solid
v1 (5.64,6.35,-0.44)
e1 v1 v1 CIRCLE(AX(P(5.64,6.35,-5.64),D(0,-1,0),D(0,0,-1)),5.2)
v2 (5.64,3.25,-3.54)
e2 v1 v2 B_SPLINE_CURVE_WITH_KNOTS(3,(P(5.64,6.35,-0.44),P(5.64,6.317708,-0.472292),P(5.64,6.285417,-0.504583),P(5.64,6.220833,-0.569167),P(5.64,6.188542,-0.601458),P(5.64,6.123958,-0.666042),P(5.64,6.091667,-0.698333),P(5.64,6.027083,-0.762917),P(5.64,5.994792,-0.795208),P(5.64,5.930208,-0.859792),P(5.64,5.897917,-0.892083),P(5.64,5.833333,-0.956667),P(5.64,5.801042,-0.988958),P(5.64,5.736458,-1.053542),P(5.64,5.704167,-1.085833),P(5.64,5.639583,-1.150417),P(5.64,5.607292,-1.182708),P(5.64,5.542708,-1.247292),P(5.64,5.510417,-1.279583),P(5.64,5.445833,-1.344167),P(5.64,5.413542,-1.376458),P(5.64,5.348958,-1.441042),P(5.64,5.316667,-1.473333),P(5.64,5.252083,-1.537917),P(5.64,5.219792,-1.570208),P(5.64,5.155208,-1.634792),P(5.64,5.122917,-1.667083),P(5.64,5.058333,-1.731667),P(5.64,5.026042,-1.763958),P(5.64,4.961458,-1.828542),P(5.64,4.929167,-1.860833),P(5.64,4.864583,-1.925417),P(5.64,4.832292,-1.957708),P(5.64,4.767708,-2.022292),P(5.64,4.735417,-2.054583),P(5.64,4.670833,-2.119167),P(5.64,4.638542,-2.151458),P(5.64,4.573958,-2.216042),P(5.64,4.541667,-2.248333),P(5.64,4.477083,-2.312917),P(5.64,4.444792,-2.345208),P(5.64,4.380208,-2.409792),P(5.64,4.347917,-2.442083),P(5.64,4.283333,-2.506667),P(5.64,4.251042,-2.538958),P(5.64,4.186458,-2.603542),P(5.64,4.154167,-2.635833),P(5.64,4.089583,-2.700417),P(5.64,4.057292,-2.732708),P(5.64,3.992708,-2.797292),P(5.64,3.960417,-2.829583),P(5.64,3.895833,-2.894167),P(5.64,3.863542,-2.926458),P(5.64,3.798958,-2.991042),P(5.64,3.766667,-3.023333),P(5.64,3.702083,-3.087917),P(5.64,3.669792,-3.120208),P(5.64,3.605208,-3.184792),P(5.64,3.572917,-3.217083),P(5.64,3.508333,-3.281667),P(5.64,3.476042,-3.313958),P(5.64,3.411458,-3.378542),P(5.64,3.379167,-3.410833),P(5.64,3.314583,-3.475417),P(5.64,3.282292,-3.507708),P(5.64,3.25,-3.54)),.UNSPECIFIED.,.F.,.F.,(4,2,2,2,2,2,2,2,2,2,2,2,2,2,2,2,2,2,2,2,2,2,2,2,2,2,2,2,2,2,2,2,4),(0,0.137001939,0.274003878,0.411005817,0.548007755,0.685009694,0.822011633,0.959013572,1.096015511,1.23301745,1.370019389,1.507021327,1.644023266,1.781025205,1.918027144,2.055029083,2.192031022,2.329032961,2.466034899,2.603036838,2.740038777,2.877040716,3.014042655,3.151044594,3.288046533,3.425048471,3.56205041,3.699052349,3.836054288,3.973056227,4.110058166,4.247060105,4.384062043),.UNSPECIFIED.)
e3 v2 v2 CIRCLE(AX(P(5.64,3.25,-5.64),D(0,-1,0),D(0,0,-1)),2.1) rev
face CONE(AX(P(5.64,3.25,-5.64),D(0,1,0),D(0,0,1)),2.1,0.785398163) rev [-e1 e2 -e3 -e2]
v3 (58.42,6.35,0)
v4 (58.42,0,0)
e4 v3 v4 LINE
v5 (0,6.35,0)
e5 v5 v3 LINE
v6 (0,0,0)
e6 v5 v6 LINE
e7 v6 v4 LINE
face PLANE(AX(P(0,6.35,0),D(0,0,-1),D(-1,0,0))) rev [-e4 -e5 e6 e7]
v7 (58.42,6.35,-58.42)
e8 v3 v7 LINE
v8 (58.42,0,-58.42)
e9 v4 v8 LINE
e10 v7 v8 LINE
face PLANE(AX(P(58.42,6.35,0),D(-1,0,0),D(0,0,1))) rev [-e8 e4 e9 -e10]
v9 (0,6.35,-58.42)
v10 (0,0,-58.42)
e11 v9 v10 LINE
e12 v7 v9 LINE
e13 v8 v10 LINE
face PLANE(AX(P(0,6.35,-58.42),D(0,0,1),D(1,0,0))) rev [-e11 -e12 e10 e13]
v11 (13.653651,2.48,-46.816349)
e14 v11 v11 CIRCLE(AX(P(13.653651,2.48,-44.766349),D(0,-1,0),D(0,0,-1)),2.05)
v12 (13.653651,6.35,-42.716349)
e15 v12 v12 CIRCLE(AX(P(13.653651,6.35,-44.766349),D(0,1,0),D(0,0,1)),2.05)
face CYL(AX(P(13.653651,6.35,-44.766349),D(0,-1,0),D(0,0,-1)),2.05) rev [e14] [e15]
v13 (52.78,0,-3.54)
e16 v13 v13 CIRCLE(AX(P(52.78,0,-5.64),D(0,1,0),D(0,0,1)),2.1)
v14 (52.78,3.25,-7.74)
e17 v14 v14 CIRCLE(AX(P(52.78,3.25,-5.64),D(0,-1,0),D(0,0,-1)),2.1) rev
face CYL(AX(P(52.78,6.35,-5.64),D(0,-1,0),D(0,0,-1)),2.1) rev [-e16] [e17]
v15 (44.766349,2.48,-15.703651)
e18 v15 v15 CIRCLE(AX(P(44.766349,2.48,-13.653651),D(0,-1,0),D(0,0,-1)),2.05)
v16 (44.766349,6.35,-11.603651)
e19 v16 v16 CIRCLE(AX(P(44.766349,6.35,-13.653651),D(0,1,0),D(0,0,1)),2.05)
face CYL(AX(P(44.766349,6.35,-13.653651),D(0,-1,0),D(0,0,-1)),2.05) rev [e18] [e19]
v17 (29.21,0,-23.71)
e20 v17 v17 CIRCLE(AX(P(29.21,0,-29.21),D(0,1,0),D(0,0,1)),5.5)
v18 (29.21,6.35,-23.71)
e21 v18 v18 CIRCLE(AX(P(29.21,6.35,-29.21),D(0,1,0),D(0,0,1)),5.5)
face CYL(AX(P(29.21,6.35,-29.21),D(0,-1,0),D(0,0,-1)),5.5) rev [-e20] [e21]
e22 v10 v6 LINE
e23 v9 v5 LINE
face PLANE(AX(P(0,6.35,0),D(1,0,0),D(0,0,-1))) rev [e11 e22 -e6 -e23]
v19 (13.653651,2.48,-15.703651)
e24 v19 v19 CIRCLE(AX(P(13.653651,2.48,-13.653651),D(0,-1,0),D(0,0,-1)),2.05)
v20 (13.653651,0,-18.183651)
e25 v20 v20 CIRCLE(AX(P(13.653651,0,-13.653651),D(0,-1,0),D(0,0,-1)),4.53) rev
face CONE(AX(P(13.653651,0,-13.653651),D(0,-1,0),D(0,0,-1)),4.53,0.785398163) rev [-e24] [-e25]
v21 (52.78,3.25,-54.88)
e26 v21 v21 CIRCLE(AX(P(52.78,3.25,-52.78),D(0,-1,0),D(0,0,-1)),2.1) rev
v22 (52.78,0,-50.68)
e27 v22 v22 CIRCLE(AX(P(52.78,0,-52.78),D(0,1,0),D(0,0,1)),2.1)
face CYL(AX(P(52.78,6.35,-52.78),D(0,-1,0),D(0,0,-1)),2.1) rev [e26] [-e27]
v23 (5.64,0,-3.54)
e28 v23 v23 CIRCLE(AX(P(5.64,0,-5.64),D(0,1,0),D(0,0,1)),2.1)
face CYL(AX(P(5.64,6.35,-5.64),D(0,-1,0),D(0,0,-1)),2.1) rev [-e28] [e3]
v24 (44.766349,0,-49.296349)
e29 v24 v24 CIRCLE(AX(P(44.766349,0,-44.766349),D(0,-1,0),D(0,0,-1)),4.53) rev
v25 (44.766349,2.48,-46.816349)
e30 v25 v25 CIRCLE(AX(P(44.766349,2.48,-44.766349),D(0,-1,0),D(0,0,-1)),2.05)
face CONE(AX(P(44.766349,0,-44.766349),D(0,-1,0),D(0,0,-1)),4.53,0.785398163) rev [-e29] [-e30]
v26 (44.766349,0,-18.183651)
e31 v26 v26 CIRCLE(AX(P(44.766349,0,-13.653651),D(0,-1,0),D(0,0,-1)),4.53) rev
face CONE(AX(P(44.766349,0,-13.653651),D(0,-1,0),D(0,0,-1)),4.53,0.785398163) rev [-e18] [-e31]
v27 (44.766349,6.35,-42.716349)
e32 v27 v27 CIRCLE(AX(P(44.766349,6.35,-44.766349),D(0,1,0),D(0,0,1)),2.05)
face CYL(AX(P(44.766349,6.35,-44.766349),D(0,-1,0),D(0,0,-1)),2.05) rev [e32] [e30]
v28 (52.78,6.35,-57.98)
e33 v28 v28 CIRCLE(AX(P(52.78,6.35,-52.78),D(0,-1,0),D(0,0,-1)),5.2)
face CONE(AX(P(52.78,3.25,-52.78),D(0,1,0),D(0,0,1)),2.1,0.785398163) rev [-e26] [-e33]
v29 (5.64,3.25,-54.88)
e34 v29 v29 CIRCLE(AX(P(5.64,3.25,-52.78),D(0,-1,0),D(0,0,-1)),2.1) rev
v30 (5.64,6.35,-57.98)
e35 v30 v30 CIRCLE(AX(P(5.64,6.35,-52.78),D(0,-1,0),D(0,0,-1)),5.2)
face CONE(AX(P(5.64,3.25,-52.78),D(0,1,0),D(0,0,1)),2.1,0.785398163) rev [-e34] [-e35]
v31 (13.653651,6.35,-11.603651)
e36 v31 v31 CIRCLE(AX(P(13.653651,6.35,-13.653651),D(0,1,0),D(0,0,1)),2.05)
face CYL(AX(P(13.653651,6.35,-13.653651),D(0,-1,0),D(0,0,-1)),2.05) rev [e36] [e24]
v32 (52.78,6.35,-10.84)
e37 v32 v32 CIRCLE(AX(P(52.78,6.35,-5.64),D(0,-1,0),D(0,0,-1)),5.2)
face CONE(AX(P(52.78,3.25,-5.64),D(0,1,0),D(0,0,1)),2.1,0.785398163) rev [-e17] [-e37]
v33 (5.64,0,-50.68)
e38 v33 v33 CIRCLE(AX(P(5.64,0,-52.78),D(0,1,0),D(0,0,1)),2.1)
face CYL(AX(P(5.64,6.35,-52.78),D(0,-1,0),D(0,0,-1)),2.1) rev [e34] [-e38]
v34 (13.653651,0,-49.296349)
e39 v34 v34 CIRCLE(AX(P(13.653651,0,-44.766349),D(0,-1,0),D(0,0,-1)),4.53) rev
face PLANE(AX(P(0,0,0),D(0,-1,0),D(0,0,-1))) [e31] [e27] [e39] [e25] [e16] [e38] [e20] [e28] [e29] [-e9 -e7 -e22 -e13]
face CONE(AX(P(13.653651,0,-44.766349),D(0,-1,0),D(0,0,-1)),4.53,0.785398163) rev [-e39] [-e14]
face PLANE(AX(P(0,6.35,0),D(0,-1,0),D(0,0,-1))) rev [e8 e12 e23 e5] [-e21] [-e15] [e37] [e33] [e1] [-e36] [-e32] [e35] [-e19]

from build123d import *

# Parameters (mm, degrees)
SKETCH1_W           = 58.42
SKETCH1_H           = 58.42
SKETCH1_R           = 2.1
SKETCH1_R_2         = 5.5
SKETCH1_R_3         = 2.05
BOSS_EXTRUDE1_DEPTH = 6.35
CHAMFER1_SIZE       = 2.48
CHAMFER2_SIZE       = 3.1


with BuildPart() as part:
    # Sketch1 → Boss-Extrude1 (new body)
    with BuildSketch(Plane(origin=(0, 0, 0), x_dir=(1, 0, 0), z_dir=(0, 1, 0))):
        with Locations((29.21, 29.21)):
            Rectangle(SKETCH1_W, SKETCH1_H)
        with Locations(Location((5.64, 52.78, 0), (0, 0, 270))):
            Circle(SKETCH1_R, mode=Mode.SUBTRACT)
        with Locations(Location((52.78, 52.78, 0), (0, 0, 270))):
            Circle(SKETCH1_R, mode=Mode.SUBTRACT)
        with Locations(Location((52.78, 5.64, 0), (0, 0, 270))):
            Circle(SKETCH1_R, mode=Mode.SUBTRACT)
        with Locations(Location((5.64, 5.64, 0), (0, 0, 270))):
            Circle(SKETCH1_R, mode=Mode.SUBTRACT)
        with Locations(Location((29.21, 29.21, 0), (0, 0, 270))):
            Circle(SKETCH1_R_2, mode=Mode.SUBTRACT)
        with Locations(Location((13.653650814, 44.766349186, 0), (0, 0, 270))):
            Circle(SKETCH1_R_3, mode=Mode.SUBTRACT)
        with Locations(Location((44.766349186, 44.766349186, 0), (0, 0, 270))):
            Circle(SKETCH1_R_3, mode=Mode.SUBTRACT)
        with Locations(Location((44.766349186, 13.653650814, 0), (0, 0, 270))):
            Circle(SKETCH1_R_3, mode=Mode.SUBTRACT)
        with Locations(Location((13.653650814, 13.653650814, 0), (0, 0, 270))):
            Circle(SKETCH1_R_3, mode=Mode.SUBTRACT)
    extrude(amount=BOSS_EXTRUDE1_DEPTH)

    # Chamfer1
    chamfer1_edges = [part.edges().sort_by_distance(p)[0] for p in [
        (13.653650814, 0, -46.816349186),
        (44.766349186, 0, -46.816349186),
        (44.766349186, 0, -15.703650814),
        (13.653650814, 0, -15.703650814),
    ]]
    chamfer(chamfer1_edges, length=CHAMFER1_SIZE)

    # Chamfer2
    chamfer2_edges = [part.edges().sort_by_distance(p)[0] for p in [
        (5.64, 6.35, -54.88),
        (52.78, 6.35, -54.88),
        (52.78, 6.35, -7.74),
        (5.64, 6.35, -7.74),
    ]]
    chamfer(chamfer2_edges, length=CHAMFER2_SIZE)


solid = part.part
